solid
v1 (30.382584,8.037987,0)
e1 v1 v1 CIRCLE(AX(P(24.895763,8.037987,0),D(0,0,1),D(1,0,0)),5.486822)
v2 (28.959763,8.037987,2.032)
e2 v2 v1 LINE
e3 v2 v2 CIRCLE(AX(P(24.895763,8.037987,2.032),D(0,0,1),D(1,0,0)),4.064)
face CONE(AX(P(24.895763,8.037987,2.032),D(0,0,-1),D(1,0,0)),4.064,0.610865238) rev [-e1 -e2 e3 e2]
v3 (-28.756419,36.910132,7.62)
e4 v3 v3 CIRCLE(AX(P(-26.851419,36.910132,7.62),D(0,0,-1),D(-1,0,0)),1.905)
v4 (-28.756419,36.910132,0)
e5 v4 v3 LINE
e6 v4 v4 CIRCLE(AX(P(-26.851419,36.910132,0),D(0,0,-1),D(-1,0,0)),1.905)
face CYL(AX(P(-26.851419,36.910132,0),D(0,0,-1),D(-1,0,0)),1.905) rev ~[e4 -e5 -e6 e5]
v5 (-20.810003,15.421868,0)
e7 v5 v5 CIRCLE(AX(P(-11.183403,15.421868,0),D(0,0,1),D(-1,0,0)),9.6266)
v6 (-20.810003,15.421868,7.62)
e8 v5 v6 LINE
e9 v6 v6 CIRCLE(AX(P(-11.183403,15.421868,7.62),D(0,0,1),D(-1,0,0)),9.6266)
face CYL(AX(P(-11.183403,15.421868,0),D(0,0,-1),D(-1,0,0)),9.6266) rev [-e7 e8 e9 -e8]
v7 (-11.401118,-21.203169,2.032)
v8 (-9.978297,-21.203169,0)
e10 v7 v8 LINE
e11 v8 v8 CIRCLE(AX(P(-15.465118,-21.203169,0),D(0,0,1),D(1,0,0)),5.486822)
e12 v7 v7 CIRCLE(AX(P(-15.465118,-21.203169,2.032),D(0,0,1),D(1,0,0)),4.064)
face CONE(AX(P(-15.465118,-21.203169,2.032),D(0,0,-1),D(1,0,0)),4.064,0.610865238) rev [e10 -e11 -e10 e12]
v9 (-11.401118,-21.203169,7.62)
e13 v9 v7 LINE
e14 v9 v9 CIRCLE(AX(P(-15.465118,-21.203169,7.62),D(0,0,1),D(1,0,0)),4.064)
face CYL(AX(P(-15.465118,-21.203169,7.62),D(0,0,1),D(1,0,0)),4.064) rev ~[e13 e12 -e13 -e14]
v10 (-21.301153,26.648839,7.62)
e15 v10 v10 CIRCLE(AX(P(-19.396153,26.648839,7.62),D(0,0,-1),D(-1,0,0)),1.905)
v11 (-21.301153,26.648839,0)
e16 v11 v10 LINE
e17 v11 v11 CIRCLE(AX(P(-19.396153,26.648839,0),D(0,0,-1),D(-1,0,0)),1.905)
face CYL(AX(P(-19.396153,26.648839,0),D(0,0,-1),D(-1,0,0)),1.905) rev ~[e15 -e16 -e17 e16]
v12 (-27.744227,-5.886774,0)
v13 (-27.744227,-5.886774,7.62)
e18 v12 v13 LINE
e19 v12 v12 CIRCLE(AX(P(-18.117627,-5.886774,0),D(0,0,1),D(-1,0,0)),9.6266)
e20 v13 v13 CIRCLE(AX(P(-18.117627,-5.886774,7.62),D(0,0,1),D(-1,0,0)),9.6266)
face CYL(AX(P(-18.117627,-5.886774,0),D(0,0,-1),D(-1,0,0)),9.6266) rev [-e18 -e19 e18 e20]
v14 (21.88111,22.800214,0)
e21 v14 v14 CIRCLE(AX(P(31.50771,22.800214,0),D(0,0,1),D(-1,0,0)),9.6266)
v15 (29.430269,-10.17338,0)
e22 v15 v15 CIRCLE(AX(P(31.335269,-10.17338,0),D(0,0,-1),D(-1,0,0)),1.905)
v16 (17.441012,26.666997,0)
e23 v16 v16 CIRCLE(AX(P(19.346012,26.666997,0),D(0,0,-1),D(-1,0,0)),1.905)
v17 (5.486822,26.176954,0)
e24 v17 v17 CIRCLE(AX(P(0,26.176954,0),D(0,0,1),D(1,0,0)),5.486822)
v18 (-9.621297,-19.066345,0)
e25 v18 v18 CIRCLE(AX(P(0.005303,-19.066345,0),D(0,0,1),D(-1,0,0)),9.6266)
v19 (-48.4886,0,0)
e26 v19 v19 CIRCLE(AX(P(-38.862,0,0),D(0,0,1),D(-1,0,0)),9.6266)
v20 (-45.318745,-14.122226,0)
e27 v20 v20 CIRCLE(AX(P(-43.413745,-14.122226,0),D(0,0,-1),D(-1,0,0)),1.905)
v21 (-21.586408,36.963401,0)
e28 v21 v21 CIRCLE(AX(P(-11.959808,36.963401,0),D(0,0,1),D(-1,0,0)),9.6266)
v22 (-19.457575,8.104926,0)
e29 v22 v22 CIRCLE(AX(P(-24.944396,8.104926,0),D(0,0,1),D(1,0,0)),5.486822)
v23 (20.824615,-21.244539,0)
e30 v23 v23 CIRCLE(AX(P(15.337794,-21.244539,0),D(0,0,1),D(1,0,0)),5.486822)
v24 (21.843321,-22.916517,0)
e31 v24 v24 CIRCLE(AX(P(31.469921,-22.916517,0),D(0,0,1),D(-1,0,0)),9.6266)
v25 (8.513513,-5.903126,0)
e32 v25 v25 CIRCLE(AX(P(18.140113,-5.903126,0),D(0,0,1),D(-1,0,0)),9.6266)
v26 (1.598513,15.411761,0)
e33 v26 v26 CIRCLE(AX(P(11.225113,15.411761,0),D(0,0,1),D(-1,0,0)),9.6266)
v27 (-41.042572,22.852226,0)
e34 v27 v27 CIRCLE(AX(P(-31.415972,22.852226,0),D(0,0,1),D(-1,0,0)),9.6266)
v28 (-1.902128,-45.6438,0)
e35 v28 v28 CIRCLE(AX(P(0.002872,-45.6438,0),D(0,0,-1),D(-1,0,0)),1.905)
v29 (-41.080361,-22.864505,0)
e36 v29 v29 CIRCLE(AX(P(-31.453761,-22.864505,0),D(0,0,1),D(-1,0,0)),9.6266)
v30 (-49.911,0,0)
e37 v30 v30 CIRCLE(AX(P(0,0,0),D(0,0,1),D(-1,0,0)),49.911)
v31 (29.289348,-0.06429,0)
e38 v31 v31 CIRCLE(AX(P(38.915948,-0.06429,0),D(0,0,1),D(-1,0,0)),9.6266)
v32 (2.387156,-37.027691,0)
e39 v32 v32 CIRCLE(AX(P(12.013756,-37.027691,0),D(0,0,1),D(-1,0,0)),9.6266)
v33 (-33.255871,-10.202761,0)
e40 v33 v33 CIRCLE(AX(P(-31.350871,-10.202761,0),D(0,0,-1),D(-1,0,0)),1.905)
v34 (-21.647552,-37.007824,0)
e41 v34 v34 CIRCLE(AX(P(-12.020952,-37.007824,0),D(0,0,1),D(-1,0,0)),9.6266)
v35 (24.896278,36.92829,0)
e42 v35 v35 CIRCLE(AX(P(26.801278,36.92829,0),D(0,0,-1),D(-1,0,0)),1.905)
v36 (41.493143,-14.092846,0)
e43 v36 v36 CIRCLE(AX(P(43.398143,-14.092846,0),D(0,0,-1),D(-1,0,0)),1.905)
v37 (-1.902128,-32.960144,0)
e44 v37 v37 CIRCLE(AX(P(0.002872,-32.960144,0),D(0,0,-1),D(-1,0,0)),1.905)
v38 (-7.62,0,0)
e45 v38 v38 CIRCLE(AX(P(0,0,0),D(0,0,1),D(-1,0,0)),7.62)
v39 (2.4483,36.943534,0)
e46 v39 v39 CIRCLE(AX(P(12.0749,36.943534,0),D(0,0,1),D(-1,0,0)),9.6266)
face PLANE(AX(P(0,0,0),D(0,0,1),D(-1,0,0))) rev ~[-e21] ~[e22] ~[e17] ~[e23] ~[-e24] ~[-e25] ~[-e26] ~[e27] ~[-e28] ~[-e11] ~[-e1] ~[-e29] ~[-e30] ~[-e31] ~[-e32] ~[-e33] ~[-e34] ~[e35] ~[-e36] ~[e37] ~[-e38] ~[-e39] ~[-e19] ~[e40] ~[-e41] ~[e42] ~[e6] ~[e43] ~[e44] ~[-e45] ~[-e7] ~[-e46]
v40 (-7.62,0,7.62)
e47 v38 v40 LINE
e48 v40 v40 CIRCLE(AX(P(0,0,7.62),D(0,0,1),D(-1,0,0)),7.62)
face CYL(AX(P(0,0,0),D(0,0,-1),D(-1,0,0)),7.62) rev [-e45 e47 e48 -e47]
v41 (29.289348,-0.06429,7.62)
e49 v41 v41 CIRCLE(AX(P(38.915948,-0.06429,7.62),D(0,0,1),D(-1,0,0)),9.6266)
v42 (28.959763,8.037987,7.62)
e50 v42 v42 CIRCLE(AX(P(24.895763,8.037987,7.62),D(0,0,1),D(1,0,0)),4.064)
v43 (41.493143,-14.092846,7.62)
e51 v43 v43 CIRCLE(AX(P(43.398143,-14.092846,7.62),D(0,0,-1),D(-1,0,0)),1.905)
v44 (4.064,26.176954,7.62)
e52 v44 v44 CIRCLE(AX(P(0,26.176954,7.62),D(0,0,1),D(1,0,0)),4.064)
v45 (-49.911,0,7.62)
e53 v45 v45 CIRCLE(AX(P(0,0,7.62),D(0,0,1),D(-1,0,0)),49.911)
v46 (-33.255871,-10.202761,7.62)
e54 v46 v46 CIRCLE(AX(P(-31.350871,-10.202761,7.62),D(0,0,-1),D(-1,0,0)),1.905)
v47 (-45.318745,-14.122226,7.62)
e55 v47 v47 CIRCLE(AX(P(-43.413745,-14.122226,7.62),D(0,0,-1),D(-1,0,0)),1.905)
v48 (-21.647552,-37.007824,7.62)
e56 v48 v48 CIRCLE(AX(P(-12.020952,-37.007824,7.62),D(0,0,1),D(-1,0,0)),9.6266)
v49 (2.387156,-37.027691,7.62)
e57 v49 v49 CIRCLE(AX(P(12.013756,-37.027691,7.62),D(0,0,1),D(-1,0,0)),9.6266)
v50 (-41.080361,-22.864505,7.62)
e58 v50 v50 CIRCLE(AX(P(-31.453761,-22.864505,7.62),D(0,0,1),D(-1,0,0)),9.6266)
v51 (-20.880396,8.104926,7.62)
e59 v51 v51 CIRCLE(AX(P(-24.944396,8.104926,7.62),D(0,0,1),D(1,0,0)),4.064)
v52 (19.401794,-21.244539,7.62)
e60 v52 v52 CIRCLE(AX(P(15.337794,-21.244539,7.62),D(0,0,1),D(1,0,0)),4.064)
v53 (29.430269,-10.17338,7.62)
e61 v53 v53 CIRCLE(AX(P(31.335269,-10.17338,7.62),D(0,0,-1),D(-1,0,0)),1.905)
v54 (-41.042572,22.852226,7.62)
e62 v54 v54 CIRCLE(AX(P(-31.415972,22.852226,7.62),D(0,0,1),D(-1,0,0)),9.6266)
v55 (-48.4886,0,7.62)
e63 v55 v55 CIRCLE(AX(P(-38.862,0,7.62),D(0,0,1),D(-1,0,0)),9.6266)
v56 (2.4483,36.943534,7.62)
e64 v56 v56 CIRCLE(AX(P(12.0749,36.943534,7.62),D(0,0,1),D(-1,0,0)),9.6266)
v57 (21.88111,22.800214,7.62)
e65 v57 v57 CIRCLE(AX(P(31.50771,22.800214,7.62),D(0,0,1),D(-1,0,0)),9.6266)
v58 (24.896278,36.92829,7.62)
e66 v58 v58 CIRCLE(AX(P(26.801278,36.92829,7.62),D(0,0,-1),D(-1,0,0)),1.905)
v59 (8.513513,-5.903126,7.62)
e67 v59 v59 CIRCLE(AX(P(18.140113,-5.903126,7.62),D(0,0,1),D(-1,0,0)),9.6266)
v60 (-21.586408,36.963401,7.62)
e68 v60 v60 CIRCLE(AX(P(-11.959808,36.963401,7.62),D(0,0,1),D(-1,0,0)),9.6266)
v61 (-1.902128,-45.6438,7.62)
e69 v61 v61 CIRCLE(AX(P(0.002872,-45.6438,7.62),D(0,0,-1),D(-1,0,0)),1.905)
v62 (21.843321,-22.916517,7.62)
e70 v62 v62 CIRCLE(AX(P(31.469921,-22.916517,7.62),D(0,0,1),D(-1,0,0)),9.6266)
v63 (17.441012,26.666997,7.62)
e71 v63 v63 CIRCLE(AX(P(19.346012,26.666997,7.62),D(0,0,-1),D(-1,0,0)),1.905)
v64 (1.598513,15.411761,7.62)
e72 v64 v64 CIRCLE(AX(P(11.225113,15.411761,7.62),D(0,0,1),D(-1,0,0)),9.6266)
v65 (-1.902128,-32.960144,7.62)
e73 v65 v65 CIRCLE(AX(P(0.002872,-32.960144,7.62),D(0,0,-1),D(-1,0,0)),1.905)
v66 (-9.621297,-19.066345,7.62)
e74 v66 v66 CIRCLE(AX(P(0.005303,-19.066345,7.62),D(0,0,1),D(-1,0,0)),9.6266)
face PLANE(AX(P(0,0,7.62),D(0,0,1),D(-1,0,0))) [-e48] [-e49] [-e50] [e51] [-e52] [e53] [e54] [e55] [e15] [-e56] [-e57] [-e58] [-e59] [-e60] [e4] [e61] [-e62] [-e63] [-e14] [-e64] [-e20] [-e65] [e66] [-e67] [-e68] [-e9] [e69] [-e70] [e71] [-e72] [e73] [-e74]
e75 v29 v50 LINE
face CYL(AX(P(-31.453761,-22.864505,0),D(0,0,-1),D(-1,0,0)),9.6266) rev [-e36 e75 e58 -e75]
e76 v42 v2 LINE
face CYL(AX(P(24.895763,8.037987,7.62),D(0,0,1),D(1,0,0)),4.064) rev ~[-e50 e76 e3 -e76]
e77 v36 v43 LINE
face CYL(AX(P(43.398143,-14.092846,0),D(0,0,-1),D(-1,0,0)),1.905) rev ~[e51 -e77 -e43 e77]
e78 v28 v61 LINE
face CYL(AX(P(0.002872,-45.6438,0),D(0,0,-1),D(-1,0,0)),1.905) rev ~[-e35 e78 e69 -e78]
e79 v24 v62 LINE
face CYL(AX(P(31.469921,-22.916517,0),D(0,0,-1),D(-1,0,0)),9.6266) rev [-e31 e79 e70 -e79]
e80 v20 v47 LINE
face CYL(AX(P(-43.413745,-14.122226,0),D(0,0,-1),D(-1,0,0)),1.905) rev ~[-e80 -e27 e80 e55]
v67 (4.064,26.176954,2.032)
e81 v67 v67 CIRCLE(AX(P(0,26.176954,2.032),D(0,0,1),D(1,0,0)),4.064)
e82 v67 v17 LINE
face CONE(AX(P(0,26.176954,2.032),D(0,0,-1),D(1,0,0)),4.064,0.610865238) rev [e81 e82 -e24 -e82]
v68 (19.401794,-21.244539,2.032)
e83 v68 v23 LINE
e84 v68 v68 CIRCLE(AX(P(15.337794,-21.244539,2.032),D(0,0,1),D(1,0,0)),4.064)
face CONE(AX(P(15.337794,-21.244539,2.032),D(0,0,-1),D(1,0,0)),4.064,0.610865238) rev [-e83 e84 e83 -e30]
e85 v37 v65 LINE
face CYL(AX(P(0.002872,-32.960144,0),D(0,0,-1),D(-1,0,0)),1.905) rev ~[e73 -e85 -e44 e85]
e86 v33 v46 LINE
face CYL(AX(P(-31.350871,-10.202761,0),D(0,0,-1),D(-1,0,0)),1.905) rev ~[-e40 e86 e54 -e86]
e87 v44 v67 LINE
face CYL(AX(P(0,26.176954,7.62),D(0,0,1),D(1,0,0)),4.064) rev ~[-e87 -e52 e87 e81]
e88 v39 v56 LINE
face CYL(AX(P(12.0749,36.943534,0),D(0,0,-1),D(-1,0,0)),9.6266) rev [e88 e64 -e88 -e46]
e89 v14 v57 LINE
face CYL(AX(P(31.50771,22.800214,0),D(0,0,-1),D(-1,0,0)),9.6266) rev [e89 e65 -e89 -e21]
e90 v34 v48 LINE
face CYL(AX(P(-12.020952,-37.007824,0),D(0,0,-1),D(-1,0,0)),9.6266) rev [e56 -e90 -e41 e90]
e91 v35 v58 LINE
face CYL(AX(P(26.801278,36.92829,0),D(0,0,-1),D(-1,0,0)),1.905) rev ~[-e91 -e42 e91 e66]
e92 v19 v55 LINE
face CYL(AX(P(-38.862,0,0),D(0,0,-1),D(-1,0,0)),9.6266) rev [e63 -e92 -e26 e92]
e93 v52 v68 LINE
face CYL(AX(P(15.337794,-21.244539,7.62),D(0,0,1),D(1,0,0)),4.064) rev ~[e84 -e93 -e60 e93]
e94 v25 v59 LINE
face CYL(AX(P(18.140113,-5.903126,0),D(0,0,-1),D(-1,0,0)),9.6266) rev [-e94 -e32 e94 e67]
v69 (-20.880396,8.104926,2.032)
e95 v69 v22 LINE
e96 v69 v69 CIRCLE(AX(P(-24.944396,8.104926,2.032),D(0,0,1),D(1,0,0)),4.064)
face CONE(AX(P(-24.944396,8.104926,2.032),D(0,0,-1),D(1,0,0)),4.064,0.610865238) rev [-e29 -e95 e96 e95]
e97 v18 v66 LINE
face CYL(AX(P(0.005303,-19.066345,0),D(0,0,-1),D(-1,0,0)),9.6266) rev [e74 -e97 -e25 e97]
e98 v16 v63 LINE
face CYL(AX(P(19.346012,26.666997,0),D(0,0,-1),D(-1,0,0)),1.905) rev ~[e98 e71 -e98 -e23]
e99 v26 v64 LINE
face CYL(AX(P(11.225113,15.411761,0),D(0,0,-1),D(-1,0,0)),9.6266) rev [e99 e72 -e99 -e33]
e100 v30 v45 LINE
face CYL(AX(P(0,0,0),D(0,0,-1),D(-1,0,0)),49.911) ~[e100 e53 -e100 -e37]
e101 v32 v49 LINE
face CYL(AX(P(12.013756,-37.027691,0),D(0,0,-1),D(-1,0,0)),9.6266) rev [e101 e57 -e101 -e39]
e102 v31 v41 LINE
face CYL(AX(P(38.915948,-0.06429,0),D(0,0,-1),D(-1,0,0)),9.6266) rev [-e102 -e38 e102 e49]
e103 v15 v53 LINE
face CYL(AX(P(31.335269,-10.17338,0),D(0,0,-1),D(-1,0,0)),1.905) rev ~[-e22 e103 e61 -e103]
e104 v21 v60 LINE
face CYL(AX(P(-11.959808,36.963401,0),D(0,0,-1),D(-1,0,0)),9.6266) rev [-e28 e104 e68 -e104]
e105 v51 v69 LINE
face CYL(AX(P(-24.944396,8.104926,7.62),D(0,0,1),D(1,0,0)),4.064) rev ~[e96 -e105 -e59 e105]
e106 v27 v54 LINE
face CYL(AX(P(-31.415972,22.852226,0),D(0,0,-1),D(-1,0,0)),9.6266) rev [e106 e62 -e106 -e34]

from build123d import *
from OCP.BRepFilletAPI import BRepFilletAPI_MakeChamfer

# Parameters (mm, degrees)
SKETCH2_R           = 49.911
SKETCH2_R_2         = 7.62
SKETCH2_R_3         = 9.6266
BOSS_EXTRUDE3_DEPTH = 7.62
SKETCH4_R           = 4.064
CUT_EXTRUDE1_DEPTH  = 71.994931101
SKETCH5_R           = 1.905
SKETCH5_R_2         = 9.6266
CUT_EXTRUDE2_DEPTH  = 71.994931101
CHAMFER1_SIZE       = 2.032
CHAMFER1_SIZE2      = 1.422821718


with BuildPart() as part:
    # Sketch2 → Boss-Extrude3 (new body)
    with BuildSketch(Plane.XY):
        with Locations(Location((0, 0, 0), (0, 0, 180))):
            Circle(SKETCH2_R)
        with Locations(Location((0, 0, 0), (0, 0, 180))):
            Circle(SKETCH2_R_2, mode=Mode.SUBTRACT)
        with Locations(Location((0.005302646, -19.066344944, 0), (0, 0, 180))):
            Circle(SKETCH2_R_3, mode=Mode.SUBTRACT)
        with Locations(Location((18.140112855, -5.903126437, 0), (0, 0, 180))):
            Circle(SKETCH2_R_3, mode=Mode.SUBTRACT)
        with Locations(Location((11.225112662, 15.411761203, 0), (0, 0, 180))):
            Circle(SKETCH2_R_3, mode=Mode.SUBTRACT)
        with Locations(Location((-11.183402698, 15.421867724, 0), (0, 0, 180))):
            Circle(SKETCH2_R_3, mode=Mode.SUBTRACT)
        with Locations(Location((-18.117626635, -5.886773743, 0), (0, 0, 180))):
            Circle(SKETCH2_R_3, mode=Mode.SUBTRACT)
        with Locations(Location((-38.862, 0, 0), (0, 0, 180))):
            Circle(SKETCH2_R_3, mode=Mode.SUBTRACT)
        with Locations(Location((-31.453761301, -22.864504732, 0), (0, 0, 180))):
            Circle(SKETCH2_R_3, mode=Mode.SUBTRACT)
        with Locations(Location((-12.020951612, -37.007824175, 0), (0, 0, 180))):
            Circle(SKETCH2_R_3, mode=Mode.SUBTRACT)
        with Locations(Location((12.013756262, -37.027691016, 0), (0, 0, 180))):
            Circle(SKETCH2_R_3, mode=Mode.SUBTRACT)
        with Locations(Location((31.469920822, -22.916516796, 0), (0, 0, 180))):
            Circle(SKETCH2_R_3, mode=Mode.SUBTRACT)
        with Locations(Location((38.915948498, -0.064290447, 0), (0, 0, 180))):
            Circle(SKETCH2_R_3, mode=Mode.SUBTRACT)
        with Locations(Location((31.507709799, 22.800214285, 0), (0, 0, 180))):
            Circle(SKETCH2_R_3, mode=Mode.SUBTRACT)
        with Locations(Location((12.07490011, 36.943533728, 0), (0, 0, 180))):
            Circle(SKETCH2_R_3, mode=Mode.SUBTRACT)
        with Locations(Location((-11.959807763, 36.963400568, 0), (0, 0, 180))):
            Circle(SKETCH2_R_3, mode=Mode.SUBTRACT)
        with Locations(Location((-31.415972324, 22.852226349, 0), (0, 0, 180))):
            Circle(SKETCH2_R_3, mode=Mode.SUBTRACT)
    extrude(amount=BOSS_EXTRUDE3_DEPTH)

    # Sketch4 → Cut-Extrude1 (cut, through all)
    with BuildSketch(Plane.XY.offset(7.62)):
        with Locations((0, 26.17695394)):
            Circle(SKETCH4_R)
        with Locations((24.895762621, 8.037987129)):
            Circle(SKETCH4_R)
        with Locations((15.337793775, -21.244539145)):
            Circle(SKETCH4_R)
        with Locations((-15.465118457, -21.203168848)):
            Circle(SKETCH4_R)
        with Locations((-24.944396322, 8.104925676)):
            Circle(SKETCH4_R)
    extrude(amount=-CUT_EXTRUDE1_DEPTH, mode=Mode.SUBTRACT)

    # Sketch5 → Cut-Extrude2 (cut, through all)
    with BuildSketch(Plane(origin=(0, 0, 0), x_dir=(-1, 0, 0), z_dir=(0, 0, -1))):
        with Locations((-0.00287222, -45.643800189)):
            Circle(SKETCH5_R)
        with Locations((-0.00287222, -32.960144289)):
            Circle(SKETCH5_R)
        with Locations((12.020951612, -37.007824175)):
            Circle(SKETCH5_R_2)
        with Locations((-43.398142788, -14.092845642)):
            Circle(SKETCH5_R)
        with Locations((-31.335269193, -10.173380418)):
            Circle(SKETCH5_R)
        with Locations((-26.801277951, 36.928290351)):
            Circle(SKETCH5_R)
        with Locations((-19.346012068, 26.666997177)):
            Circle(SKETCH5_R)
        with Locations((26.851419192, 36.910131993)):
            Circle(SKETCH5_R)
        with Locations((19.396153308, 26.648838818)):
            Circle(SKETCH5_R)
        with Locations((43.413744778, -14.122226483)):
            Circle(SKETCH5_R)
        with Locations((31.350871183, -10.20276126)):
            Circle(SKETCH5_R)
    extrude(amount=-CUT_EXTRUDE2_DEPTH, mode=Mode.SUBTRACT)

    # Chamfer1: one chamfer whose edges measure the first distance from different faces: ONE call of the kernel's chamfer builder (chamfer() names one face for all edges)
    chamfer1_edges_1 = [part.edges().sort_by_distance(p)[0] for p in [
        (-4.064, 26.17695394, 0),
    ]]
    chamfer1_side_1 = [part.faces().sort_by_distance(p)[0] for p in [
        (-4.064, 26.17695394, 3.81),
    ]]
    chamfer1_edges_2 = [part.edges().sort_by_distance(p)[0] for p in [
        (20.831762621, 8.037987129, 0),
    ]]
    chamfer1_side_2 = [part.faces().sort_by_distance(p)[0] for p in [
        (20.831762621, 8.037987129, 3.81),
    ]]
    chamfer1_edges_3 = [part.edges().sort_by_distance(p)[0] for p in [
        (11.273793775, -21.244539145, 0),
    ]]
    chamfer1_side_3 = [part.faces().sort_by_distance(p)[0] for p in [
        (11.273793775, -21.244539145, 3.81),
    ]]
    chamfer1_edges_4 = [part.edges().sort_by_distance(p)[0] for p in [
        (-19.529118457, -21.203168848, 0),
    ]]
    chamfer1_side_4 = [part.faces().sort_by_distance(p)[0] for p in [
        (-19.529118457, -21.203168848, 3.81),
    ]]
    chamfer1_edges_5 = [part.edges().sort_by_distance(p)[0] for p in [
        (-29.008396322, 8.104925676, 0),
    ]]
    chamfer1_side_5 = [part.faces().sort_by_distance(p)[0] for p in [
        (-29.008396322, 8.104925676, 3.81),
    ]]
    chamfer1 = BRepFilletAPI_MakeChamfer(part.part.solid().wrapped)
    for e in chamfer1_edges_1:
        chamfer1.Add(CHAMFER1_SIZE, CHAMFER1_SIZE2, e.wrapped, chamfer1_side_1[0].wrapped)  # the first distance lies on this face
    for e in chamfer1_edges_2:
        chamfer1.Add(CHAMFER1_SIZE, CHAMFER1_SIZE2, e.wrapped, chamfer1_side_2[0].wrapped)  # the first distance lies on this face
    for e in chamfer1_edges_3:
        chamfer1.Add(CHAMFER1_SIZE, CHAMFER1_SIZE2, e.wrapped, chamfer1_side_3[0].wrapped)  # the first distance lies on this face
    for e in chamfer1_edges_4:
        chamfer1.Add(CHAMFER1_SIZE, CHAMFER1_SIZE2, e.wrapped, chamfer1_side_4[0].wrapped)  # the first distance lies on this face
    for e in chamfer1_edges_5:
        chamfer1.Add(CHAMFER1_SIZE, CHAMFER1_SIZE2, e.wrapped, chamfer1_side_5[0].wrapped)  # the first distance lies on this face
    add(Compound.cast(chamfer1.Shape()), mode=Mode.REPLACE)


solid = part.part
